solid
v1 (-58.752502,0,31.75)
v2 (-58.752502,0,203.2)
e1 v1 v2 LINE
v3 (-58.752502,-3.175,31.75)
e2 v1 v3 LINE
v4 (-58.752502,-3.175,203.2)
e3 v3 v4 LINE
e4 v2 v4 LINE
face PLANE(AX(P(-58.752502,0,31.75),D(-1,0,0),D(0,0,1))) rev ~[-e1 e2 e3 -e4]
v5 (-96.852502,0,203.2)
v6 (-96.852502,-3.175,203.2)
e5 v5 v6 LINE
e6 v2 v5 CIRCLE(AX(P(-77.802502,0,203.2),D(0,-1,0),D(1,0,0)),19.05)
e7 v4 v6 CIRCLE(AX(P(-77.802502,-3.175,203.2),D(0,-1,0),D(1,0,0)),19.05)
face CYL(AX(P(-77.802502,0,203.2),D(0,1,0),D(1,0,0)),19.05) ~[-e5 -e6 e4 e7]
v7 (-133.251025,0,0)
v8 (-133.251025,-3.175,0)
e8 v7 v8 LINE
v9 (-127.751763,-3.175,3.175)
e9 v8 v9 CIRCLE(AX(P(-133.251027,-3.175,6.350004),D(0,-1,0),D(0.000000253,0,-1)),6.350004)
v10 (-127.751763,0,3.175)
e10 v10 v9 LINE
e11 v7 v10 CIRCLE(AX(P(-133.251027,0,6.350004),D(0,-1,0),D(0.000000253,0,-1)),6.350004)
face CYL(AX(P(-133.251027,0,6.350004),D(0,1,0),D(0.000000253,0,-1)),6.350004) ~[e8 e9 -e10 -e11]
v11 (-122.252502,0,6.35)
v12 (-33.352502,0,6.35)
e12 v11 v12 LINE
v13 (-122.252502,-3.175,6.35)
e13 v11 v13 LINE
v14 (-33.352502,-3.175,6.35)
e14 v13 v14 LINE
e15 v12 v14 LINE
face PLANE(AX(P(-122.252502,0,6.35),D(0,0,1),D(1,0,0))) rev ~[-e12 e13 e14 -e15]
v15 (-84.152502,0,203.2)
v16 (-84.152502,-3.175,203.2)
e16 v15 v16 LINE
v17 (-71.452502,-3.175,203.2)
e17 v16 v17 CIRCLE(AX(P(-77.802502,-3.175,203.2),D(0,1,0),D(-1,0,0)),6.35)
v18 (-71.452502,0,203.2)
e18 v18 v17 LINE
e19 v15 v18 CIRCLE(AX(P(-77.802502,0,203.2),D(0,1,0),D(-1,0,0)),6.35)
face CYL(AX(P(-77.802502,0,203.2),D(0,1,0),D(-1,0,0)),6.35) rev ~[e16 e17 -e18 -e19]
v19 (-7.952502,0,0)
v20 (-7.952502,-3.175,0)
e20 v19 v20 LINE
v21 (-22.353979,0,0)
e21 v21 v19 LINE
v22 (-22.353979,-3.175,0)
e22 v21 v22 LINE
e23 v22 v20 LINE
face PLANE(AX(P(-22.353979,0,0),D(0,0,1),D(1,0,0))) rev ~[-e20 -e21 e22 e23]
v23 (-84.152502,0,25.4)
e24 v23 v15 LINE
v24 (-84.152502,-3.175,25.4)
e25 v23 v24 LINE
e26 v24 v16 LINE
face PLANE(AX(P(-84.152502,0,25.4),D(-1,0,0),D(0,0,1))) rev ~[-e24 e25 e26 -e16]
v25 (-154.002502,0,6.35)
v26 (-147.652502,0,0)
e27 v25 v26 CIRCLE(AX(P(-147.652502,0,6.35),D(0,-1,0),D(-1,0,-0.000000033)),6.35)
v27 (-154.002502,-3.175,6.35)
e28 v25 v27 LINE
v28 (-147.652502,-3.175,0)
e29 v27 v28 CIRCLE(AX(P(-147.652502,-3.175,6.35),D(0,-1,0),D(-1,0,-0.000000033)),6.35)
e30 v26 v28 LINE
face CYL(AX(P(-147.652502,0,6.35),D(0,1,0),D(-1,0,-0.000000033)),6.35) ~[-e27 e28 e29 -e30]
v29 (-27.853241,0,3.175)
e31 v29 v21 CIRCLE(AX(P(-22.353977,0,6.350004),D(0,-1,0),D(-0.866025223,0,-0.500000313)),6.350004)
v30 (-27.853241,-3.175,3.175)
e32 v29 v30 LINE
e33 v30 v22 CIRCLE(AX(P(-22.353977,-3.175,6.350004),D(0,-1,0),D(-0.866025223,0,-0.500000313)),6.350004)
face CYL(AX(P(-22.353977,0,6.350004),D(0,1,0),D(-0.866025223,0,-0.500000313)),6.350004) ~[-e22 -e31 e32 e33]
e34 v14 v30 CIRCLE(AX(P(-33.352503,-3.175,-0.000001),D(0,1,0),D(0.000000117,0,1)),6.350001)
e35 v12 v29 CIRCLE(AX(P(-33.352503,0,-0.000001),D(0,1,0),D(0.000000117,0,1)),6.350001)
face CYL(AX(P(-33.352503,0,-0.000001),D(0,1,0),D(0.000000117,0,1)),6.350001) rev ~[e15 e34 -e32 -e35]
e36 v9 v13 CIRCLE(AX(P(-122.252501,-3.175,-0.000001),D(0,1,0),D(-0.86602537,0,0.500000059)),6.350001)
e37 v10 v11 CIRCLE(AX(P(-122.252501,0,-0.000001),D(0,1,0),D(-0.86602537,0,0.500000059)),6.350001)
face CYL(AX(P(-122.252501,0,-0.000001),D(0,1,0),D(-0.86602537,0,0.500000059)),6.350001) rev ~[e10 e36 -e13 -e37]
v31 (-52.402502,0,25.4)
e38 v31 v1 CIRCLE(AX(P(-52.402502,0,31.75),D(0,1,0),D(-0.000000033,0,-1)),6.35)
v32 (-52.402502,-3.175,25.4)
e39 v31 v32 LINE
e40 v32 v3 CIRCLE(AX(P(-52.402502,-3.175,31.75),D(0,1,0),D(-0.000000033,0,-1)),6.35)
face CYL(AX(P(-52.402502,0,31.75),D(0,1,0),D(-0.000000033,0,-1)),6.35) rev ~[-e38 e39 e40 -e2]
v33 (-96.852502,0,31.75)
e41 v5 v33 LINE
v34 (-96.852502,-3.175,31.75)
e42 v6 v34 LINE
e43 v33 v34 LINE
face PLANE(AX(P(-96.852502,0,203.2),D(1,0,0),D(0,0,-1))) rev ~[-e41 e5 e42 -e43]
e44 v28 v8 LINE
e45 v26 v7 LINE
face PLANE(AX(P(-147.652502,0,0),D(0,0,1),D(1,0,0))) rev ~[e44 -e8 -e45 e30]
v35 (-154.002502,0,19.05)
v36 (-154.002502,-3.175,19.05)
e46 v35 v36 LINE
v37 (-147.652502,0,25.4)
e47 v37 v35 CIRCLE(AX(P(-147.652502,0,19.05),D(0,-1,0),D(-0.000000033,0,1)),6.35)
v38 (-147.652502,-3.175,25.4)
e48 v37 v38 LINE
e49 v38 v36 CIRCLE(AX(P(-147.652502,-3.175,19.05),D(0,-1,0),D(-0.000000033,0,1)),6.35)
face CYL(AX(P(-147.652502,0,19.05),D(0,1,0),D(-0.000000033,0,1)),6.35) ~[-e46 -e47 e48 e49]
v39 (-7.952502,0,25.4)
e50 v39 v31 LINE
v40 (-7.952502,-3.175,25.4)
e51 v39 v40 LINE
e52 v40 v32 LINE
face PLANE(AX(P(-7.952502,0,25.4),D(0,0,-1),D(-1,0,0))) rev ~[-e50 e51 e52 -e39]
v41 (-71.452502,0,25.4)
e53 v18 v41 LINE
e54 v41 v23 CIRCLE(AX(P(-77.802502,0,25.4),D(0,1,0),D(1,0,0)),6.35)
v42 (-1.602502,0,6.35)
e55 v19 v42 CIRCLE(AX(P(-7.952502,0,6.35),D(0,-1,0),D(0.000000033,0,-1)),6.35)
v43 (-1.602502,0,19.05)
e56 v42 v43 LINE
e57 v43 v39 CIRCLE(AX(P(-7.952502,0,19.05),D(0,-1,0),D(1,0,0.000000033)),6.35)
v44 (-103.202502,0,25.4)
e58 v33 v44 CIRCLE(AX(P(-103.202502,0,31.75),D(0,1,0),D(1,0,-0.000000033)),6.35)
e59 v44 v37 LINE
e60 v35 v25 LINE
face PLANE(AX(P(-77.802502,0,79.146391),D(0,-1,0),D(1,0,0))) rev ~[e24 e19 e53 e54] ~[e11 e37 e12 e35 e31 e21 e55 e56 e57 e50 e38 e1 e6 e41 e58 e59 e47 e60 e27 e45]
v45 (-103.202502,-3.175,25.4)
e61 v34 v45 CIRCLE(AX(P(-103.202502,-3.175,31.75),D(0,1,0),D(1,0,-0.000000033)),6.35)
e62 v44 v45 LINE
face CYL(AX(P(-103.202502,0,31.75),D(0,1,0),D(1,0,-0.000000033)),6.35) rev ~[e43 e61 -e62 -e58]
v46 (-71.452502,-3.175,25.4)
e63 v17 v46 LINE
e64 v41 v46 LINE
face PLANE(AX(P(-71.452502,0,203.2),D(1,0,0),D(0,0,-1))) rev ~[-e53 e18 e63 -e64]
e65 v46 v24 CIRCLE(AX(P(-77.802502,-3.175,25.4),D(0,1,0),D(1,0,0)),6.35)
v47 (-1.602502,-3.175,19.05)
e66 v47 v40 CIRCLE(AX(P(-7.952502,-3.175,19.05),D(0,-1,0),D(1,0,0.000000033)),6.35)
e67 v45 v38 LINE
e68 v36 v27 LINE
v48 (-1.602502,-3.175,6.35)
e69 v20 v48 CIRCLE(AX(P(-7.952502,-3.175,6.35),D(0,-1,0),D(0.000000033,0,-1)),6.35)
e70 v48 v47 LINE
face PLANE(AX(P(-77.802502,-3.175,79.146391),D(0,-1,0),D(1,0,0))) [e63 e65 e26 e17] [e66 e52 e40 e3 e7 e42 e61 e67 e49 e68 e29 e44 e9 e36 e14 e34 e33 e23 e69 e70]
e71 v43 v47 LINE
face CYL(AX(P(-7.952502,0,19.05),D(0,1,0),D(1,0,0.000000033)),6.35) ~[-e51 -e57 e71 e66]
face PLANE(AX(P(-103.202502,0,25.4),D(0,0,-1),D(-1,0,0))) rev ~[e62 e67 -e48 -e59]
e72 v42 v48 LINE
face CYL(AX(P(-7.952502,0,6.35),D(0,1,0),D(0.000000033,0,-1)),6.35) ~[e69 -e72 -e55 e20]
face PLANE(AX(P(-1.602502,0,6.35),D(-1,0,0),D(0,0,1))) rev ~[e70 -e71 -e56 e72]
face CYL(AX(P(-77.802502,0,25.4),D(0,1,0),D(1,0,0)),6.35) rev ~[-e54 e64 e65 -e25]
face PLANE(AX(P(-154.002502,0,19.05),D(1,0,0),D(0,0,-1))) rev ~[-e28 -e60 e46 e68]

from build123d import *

# Parameters (mm, degrees)
F1_DEPTH = 3.175


with BuildPart() as f1:
    # F0 (on Front) → F1 (new body)
    with BuildSketch(Plane.XZ):
        with BuildLine():
            ThreePointArc((-58.752502, 203.2), (-77.802502, 222.25), (-96.852502, 203.2))
            Line((-96.852502, 203.2), (-96.852502, 31.75))
            ThreePointArc((-96.852502, 31.75), (-98.712374, 27.259872), (-103.202502, 25.4))
            Line((-103.202502, 25.4), (-147.652502, 25.4))
            ThreePointArc((-147.652502, 25.4), (-152.14263, 23.540128), (-154.002502, 19.05))
            Line((-154.002502, 19.05), (-154.002502, 6.35))
            ThreePointArc((-154.002502, 6.35), (-152.14263, 1.859872), (-147.652502, 0))
            Line((-147.652502, 0), (-133.251025, 0))
            ThreePointArc((-133.251025, 0), (-130.076025, 0.850739), (-127.751763, 3.175))
            ThreePointArc((-127.751763, 3.175), (-125.427502, 5.499261), (-122.252502, 6.35))
            Line((-122.252502, 6.35), (-33.352502, 6.35))
            ThreePointArc((-33.352502, 6.35), (-30.177502, 5.499261), (-27.853241, 3.175))
            ThreePointArc((-27.853241, 3.175), (-25.528979, 0.850739), (-22.353979, 0))
            Line((-22.353979, 0), (-7.952502, 0))
            ThreePointArc((-7.952502, 0), (-3.462374, 1.859872), (-1.602502, 6.35))
            Line((-1.602502, 6.35), (-1.602502, 19.05))
            ThreePointArc((-1.602502, 19.05), (-3.462374, 23.540128), (-7.952502, 25.4))
            Line((-7.952502, 25.4), (-52.402502, 25.4))
            ThreePointArc((-52.402502, 25.4), (-56.89263, 27.259872), (-58.752502, 31.75))
            Line((-58.752502, 31.75), (-58.752502, 203.2))
        make_face()
        with BuildLine():
            Line((-84.152502, 25.4), (-84.152502, 203.2))
            ThreePointArc((-84.152502, 203.2), (-77.802502, 209.55), (-71.452502, 203.2))
            Line((-71.452502, 203.2), (-71.452502, 25.4))
            ThreePointArc((-71.452502, 25.4), (-77.802502, 19.05), (-84.152502, 25.4))
        make_face(mode=Mode.SUBTRACT)
    extrude(amount=F1_DEPTH)


solid = f1.part
